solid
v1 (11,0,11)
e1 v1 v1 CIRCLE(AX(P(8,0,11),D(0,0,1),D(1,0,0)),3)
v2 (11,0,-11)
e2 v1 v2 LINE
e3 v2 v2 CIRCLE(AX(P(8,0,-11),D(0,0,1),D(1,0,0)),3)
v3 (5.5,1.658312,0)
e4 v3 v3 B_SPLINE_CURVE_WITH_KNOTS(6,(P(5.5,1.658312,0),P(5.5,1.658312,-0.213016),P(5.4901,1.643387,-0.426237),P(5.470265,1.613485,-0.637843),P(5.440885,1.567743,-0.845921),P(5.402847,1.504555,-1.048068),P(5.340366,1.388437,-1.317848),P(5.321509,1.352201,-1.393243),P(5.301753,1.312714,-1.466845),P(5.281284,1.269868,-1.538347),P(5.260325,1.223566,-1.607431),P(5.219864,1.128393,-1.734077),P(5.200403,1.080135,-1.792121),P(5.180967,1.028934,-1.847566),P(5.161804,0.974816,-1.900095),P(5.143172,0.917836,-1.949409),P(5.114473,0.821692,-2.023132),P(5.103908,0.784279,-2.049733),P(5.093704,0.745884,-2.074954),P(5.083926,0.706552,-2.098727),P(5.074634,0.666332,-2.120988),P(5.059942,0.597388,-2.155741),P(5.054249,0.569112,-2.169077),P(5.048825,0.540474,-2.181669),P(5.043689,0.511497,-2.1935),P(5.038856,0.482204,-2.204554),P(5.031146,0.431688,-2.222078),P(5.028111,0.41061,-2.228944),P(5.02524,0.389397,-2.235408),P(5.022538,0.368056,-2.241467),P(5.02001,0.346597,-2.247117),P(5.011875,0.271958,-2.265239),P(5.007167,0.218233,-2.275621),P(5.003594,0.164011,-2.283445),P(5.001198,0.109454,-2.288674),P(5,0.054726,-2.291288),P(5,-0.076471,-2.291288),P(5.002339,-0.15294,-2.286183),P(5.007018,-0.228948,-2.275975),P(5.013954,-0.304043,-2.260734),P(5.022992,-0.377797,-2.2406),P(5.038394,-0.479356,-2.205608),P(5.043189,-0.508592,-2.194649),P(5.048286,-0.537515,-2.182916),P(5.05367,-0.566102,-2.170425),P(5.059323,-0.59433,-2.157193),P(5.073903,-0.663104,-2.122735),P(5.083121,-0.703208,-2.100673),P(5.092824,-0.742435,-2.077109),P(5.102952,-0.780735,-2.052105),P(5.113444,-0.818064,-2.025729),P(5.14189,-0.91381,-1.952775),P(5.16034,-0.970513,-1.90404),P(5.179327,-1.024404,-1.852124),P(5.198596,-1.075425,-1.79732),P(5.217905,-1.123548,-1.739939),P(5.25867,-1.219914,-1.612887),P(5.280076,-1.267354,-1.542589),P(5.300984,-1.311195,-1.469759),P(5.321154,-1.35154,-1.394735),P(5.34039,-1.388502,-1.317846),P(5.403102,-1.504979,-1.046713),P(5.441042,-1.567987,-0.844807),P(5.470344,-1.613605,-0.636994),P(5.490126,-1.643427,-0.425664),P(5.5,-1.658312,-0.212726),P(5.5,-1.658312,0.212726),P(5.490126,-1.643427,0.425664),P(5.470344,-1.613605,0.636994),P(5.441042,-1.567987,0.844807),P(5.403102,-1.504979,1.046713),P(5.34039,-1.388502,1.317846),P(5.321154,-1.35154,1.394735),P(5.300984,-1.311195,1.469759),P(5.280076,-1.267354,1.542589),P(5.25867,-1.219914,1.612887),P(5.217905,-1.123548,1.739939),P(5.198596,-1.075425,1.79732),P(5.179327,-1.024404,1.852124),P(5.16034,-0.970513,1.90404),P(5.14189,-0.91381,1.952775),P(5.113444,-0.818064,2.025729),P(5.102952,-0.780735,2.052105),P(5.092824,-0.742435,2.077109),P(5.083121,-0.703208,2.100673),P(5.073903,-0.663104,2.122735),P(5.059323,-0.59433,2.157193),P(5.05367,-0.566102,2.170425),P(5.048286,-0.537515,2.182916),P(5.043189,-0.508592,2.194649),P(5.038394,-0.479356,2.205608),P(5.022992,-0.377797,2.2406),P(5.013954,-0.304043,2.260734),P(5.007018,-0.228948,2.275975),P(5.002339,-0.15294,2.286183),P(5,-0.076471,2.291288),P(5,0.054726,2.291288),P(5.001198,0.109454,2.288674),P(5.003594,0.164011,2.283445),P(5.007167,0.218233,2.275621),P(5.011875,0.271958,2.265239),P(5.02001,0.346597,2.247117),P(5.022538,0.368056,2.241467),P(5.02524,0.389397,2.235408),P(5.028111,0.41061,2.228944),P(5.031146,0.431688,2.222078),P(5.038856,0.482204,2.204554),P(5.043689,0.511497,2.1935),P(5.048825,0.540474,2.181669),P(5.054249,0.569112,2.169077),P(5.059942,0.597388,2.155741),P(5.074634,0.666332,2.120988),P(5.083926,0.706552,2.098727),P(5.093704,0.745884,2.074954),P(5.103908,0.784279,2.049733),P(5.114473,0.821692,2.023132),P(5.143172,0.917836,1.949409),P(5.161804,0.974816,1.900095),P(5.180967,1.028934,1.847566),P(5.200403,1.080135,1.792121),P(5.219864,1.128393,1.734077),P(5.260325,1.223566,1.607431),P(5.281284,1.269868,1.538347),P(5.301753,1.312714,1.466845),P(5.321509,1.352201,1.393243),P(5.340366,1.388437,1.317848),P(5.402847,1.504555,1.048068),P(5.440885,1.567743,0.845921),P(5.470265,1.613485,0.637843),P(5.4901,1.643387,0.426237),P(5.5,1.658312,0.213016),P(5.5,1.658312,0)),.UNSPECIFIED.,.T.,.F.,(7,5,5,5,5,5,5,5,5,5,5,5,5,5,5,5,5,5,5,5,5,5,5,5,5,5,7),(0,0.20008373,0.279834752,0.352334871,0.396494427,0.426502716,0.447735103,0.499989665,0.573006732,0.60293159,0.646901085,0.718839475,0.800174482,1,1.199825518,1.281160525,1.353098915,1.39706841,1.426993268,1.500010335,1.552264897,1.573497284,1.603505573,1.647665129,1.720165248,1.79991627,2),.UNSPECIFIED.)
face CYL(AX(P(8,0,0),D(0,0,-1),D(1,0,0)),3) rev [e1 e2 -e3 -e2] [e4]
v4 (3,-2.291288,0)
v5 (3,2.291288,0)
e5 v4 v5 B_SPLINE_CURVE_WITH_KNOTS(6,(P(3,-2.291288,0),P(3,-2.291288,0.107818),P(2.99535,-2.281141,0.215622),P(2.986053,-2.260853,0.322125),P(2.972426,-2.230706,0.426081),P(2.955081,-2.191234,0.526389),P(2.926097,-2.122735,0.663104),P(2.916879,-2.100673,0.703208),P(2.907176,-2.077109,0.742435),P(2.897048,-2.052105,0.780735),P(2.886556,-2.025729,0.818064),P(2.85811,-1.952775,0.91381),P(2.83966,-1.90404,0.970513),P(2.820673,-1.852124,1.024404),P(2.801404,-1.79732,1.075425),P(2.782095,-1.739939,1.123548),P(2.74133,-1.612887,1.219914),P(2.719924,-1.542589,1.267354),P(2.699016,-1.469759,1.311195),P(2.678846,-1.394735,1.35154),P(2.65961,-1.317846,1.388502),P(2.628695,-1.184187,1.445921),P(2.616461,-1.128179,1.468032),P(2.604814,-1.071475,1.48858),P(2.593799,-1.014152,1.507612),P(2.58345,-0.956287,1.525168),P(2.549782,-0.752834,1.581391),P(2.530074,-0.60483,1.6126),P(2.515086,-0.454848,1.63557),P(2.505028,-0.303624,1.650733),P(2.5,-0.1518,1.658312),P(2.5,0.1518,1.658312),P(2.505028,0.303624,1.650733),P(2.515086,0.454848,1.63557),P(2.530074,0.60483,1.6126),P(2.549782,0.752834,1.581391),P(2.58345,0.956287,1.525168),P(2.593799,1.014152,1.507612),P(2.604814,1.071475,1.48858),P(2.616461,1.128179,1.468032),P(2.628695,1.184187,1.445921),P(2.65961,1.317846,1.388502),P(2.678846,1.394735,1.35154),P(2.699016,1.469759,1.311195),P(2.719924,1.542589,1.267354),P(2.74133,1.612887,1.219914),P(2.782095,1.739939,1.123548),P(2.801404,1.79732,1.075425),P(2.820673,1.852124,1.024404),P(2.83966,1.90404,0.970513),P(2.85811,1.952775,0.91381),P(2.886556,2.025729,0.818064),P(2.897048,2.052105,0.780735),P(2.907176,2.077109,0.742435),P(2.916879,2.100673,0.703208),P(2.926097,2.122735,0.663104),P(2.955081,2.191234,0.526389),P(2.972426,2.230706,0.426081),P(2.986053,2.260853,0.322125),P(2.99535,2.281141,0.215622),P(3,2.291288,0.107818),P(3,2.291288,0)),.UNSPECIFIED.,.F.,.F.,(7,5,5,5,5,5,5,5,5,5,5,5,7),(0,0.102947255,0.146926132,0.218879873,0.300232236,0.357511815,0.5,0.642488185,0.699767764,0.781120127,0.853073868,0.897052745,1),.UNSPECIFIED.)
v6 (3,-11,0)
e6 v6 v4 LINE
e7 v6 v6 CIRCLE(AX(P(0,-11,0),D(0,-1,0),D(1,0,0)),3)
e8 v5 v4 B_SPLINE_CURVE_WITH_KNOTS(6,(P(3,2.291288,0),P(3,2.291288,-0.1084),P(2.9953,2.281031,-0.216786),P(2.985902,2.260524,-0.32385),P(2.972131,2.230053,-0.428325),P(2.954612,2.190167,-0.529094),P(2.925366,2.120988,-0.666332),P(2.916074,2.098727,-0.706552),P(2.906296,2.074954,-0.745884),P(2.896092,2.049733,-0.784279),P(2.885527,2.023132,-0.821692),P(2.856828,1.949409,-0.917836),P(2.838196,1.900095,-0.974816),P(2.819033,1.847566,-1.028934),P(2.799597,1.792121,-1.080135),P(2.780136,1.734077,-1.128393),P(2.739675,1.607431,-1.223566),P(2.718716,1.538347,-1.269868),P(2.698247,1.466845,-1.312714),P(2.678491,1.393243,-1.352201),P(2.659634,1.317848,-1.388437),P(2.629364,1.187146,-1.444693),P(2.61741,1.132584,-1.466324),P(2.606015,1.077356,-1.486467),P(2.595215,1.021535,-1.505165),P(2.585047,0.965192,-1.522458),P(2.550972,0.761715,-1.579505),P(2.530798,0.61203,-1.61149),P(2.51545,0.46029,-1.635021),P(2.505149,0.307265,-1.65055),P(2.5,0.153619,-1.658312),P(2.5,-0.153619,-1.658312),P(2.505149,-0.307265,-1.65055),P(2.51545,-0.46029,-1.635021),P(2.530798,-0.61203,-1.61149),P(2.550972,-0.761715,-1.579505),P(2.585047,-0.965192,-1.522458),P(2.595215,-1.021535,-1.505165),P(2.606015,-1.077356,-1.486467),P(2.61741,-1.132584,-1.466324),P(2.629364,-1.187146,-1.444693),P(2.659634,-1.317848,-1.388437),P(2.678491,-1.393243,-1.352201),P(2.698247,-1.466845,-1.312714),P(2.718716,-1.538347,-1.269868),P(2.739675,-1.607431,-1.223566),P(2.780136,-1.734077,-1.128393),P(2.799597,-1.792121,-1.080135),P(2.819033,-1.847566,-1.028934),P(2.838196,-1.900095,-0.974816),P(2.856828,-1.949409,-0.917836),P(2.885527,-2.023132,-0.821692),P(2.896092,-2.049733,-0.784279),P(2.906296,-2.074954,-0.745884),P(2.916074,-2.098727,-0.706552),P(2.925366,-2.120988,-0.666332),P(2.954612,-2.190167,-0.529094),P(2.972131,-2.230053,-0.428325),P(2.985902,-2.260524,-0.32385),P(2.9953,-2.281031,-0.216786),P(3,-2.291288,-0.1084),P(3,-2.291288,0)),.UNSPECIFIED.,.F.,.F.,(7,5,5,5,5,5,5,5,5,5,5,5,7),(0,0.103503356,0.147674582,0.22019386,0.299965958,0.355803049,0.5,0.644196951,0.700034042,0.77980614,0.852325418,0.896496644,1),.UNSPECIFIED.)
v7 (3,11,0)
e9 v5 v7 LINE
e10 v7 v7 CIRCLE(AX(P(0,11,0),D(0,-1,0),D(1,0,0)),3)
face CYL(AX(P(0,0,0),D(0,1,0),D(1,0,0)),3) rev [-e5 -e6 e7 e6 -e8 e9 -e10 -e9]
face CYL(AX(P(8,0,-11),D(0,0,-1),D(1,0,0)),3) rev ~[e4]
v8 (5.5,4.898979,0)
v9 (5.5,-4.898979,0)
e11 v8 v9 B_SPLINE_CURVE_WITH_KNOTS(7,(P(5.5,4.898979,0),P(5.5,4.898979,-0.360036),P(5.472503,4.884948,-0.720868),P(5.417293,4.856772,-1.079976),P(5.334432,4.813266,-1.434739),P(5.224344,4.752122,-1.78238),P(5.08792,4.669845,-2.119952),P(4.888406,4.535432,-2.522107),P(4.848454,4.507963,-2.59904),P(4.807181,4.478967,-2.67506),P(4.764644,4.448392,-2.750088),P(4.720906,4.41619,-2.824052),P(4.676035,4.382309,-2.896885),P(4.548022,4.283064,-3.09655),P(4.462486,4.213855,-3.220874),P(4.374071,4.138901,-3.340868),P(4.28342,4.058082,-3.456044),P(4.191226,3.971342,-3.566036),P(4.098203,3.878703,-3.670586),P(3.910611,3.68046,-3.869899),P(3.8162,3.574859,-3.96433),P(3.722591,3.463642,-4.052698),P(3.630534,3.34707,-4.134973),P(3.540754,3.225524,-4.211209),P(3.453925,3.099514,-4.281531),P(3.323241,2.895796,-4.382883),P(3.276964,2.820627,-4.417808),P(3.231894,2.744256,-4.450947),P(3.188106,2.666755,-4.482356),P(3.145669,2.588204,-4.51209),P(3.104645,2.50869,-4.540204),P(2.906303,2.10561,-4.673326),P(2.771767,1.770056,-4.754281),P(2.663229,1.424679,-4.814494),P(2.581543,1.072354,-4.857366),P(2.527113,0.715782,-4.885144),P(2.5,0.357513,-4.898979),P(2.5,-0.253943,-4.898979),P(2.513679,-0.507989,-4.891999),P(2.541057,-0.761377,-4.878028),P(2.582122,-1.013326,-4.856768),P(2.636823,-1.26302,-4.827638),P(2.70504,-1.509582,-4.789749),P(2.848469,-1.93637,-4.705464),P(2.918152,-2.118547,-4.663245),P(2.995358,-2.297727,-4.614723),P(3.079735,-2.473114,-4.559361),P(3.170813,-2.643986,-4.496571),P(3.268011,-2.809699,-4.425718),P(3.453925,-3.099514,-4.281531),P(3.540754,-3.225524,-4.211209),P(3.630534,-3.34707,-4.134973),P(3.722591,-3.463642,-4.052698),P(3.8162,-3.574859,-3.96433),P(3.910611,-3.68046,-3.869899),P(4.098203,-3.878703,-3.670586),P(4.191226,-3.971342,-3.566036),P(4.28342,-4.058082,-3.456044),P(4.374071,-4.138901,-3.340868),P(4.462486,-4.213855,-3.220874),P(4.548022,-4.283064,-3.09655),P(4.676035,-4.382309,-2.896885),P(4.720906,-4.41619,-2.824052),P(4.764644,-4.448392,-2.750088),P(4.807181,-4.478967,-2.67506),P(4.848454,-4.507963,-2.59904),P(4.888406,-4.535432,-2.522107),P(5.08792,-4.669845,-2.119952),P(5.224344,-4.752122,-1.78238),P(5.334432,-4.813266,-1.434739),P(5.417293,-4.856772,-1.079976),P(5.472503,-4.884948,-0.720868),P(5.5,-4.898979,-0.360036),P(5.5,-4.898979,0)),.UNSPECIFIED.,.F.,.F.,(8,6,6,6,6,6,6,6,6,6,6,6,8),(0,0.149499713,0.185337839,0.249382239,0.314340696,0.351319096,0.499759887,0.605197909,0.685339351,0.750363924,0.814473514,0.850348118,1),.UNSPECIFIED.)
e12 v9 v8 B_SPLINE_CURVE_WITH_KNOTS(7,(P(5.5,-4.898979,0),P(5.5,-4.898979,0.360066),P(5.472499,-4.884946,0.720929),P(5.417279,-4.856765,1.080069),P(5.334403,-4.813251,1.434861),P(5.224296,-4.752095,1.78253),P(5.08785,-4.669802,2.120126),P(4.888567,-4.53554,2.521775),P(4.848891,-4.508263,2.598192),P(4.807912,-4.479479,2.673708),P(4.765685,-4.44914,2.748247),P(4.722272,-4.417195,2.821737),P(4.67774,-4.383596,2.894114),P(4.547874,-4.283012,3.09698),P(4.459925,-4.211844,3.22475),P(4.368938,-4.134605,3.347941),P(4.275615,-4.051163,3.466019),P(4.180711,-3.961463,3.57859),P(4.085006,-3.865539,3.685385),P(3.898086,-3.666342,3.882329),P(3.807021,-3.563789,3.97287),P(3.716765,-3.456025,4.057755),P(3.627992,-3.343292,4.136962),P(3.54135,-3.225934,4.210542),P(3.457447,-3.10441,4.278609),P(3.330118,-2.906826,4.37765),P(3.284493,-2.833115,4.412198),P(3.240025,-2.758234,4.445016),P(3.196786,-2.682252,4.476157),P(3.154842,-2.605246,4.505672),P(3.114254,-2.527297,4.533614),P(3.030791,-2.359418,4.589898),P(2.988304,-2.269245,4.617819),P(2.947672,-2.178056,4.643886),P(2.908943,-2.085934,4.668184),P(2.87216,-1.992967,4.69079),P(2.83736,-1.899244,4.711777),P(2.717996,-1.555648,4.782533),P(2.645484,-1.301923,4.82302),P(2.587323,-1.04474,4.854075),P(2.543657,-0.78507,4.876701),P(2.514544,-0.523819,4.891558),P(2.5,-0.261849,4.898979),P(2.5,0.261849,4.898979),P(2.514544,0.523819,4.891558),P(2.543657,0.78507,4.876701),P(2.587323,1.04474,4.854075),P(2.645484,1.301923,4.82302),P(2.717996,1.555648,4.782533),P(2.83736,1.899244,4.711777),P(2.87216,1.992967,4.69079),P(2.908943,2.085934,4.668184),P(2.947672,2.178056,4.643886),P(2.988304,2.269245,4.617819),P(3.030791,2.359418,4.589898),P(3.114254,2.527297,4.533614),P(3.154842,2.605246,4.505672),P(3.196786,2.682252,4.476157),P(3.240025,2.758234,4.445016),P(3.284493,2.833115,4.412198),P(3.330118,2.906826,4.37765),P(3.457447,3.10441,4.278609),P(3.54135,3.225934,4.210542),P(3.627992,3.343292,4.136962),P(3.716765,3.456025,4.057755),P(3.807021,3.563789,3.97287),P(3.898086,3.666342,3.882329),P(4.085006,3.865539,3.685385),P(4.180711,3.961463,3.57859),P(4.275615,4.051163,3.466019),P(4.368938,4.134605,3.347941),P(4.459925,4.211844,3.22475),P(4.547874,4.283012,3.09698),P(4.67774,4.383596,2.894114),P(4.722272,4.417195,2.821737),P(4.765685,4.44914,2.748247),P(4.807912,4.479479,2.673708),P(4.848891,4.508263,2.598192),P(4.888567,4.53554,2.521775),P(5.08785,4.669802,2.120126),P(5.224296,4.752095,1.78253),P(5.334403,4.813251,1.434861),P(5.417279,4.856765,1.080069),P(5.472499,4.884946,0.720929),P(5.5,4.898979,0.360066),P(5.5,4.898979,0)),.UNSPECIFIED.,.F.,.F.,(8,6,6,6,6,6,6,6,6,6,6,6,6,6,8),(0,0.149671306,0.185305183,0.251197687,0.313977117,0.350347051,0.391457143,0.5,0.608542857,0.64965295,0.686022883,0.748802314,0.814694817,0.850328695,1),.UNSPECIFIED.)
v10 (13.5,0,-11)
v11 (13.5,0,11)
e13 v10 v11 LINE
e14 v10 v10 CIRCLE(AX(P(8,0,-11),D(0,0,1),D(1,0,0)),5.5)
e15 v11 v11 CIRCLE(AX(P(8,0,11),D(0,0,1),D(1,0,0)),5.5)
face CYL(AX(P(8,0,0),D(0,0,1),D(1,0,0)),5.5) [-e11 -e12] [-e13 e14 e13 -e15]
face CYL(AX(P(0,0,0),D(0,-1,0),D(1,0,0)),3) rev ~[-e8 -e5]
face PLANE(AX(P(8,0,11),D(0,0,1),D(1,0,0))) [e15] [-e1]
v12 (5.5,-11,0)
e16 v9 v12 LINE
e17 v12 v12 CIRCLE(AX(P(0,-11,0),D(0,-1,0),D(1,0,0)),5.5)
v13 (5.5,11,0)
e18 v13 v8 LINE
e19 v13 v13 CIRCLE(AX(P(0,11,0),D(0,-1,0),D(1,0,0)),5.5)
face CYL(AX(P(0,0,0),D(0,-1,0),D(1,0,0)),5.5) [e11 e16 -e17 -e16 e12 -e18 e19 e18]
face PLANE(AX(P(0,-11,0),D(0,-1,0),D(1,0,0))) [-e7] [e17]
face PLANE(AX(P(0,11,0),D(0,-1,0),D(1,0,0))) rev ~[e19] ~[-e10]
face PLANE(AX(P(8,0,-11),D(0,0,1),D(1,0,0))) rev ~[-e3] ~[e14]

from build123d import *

# Parameters (mm, degrees)
F0_R     = 3
F0_R_2   = 5.5
F1_DEPTH = 11
F2_R     = 3
F2_R_2   = 5.5
F3_DEPTH = 11
F4_R     = 3
F5_DEPTH = 12.5
F6_R     = 3
F7_DEPTH = 22.001


with BuildPart() as f1:
    # F0 (on Front) → F1 (new body, symmetric)
    with BuildSketch(Plane.XZ):
        Circle(F0_R)
        Circle(F0_R_2)
        Circle(F0_R, mode=Mode.SUBTRACT)
    extrude(amount=F1_DEPTH, both=True)

    # F2 (on Top) → F3 (join, symmetric)
    with BuildSketch(Plane.XY):
        with Locations((8, 0)):
            Circle(F2_R)
        with Locations((8, 0)):
            Circle(F2_R_2)
        with Locations((8, 0)):
            Circle(F2_R, mode=Mode.SUBTRACT)
    extrude(amount=F3_DEPTH, both=True)

    # F4 (on Front) → F5 (cut, symmetric)
    with BuildSketch(Plane.XZ):
        Circle(F4_R)
    extrude(amount=F5_DEPTH, both=True, mode=Mode.SUBTRACT)

    # F6 (on face) → F7 (cut, through all)
    with BuildSketch(Plane(origin=(0, 0, -11), x_dir=(1, 0, 0), z_dir=(0, 0, -1))):
        with Locations((8, 0)):
            Circle(F6_R)
    extrude(amount=-F7_DEPTH, mode=Mode.SUBTRACT)


solid = f1.part
